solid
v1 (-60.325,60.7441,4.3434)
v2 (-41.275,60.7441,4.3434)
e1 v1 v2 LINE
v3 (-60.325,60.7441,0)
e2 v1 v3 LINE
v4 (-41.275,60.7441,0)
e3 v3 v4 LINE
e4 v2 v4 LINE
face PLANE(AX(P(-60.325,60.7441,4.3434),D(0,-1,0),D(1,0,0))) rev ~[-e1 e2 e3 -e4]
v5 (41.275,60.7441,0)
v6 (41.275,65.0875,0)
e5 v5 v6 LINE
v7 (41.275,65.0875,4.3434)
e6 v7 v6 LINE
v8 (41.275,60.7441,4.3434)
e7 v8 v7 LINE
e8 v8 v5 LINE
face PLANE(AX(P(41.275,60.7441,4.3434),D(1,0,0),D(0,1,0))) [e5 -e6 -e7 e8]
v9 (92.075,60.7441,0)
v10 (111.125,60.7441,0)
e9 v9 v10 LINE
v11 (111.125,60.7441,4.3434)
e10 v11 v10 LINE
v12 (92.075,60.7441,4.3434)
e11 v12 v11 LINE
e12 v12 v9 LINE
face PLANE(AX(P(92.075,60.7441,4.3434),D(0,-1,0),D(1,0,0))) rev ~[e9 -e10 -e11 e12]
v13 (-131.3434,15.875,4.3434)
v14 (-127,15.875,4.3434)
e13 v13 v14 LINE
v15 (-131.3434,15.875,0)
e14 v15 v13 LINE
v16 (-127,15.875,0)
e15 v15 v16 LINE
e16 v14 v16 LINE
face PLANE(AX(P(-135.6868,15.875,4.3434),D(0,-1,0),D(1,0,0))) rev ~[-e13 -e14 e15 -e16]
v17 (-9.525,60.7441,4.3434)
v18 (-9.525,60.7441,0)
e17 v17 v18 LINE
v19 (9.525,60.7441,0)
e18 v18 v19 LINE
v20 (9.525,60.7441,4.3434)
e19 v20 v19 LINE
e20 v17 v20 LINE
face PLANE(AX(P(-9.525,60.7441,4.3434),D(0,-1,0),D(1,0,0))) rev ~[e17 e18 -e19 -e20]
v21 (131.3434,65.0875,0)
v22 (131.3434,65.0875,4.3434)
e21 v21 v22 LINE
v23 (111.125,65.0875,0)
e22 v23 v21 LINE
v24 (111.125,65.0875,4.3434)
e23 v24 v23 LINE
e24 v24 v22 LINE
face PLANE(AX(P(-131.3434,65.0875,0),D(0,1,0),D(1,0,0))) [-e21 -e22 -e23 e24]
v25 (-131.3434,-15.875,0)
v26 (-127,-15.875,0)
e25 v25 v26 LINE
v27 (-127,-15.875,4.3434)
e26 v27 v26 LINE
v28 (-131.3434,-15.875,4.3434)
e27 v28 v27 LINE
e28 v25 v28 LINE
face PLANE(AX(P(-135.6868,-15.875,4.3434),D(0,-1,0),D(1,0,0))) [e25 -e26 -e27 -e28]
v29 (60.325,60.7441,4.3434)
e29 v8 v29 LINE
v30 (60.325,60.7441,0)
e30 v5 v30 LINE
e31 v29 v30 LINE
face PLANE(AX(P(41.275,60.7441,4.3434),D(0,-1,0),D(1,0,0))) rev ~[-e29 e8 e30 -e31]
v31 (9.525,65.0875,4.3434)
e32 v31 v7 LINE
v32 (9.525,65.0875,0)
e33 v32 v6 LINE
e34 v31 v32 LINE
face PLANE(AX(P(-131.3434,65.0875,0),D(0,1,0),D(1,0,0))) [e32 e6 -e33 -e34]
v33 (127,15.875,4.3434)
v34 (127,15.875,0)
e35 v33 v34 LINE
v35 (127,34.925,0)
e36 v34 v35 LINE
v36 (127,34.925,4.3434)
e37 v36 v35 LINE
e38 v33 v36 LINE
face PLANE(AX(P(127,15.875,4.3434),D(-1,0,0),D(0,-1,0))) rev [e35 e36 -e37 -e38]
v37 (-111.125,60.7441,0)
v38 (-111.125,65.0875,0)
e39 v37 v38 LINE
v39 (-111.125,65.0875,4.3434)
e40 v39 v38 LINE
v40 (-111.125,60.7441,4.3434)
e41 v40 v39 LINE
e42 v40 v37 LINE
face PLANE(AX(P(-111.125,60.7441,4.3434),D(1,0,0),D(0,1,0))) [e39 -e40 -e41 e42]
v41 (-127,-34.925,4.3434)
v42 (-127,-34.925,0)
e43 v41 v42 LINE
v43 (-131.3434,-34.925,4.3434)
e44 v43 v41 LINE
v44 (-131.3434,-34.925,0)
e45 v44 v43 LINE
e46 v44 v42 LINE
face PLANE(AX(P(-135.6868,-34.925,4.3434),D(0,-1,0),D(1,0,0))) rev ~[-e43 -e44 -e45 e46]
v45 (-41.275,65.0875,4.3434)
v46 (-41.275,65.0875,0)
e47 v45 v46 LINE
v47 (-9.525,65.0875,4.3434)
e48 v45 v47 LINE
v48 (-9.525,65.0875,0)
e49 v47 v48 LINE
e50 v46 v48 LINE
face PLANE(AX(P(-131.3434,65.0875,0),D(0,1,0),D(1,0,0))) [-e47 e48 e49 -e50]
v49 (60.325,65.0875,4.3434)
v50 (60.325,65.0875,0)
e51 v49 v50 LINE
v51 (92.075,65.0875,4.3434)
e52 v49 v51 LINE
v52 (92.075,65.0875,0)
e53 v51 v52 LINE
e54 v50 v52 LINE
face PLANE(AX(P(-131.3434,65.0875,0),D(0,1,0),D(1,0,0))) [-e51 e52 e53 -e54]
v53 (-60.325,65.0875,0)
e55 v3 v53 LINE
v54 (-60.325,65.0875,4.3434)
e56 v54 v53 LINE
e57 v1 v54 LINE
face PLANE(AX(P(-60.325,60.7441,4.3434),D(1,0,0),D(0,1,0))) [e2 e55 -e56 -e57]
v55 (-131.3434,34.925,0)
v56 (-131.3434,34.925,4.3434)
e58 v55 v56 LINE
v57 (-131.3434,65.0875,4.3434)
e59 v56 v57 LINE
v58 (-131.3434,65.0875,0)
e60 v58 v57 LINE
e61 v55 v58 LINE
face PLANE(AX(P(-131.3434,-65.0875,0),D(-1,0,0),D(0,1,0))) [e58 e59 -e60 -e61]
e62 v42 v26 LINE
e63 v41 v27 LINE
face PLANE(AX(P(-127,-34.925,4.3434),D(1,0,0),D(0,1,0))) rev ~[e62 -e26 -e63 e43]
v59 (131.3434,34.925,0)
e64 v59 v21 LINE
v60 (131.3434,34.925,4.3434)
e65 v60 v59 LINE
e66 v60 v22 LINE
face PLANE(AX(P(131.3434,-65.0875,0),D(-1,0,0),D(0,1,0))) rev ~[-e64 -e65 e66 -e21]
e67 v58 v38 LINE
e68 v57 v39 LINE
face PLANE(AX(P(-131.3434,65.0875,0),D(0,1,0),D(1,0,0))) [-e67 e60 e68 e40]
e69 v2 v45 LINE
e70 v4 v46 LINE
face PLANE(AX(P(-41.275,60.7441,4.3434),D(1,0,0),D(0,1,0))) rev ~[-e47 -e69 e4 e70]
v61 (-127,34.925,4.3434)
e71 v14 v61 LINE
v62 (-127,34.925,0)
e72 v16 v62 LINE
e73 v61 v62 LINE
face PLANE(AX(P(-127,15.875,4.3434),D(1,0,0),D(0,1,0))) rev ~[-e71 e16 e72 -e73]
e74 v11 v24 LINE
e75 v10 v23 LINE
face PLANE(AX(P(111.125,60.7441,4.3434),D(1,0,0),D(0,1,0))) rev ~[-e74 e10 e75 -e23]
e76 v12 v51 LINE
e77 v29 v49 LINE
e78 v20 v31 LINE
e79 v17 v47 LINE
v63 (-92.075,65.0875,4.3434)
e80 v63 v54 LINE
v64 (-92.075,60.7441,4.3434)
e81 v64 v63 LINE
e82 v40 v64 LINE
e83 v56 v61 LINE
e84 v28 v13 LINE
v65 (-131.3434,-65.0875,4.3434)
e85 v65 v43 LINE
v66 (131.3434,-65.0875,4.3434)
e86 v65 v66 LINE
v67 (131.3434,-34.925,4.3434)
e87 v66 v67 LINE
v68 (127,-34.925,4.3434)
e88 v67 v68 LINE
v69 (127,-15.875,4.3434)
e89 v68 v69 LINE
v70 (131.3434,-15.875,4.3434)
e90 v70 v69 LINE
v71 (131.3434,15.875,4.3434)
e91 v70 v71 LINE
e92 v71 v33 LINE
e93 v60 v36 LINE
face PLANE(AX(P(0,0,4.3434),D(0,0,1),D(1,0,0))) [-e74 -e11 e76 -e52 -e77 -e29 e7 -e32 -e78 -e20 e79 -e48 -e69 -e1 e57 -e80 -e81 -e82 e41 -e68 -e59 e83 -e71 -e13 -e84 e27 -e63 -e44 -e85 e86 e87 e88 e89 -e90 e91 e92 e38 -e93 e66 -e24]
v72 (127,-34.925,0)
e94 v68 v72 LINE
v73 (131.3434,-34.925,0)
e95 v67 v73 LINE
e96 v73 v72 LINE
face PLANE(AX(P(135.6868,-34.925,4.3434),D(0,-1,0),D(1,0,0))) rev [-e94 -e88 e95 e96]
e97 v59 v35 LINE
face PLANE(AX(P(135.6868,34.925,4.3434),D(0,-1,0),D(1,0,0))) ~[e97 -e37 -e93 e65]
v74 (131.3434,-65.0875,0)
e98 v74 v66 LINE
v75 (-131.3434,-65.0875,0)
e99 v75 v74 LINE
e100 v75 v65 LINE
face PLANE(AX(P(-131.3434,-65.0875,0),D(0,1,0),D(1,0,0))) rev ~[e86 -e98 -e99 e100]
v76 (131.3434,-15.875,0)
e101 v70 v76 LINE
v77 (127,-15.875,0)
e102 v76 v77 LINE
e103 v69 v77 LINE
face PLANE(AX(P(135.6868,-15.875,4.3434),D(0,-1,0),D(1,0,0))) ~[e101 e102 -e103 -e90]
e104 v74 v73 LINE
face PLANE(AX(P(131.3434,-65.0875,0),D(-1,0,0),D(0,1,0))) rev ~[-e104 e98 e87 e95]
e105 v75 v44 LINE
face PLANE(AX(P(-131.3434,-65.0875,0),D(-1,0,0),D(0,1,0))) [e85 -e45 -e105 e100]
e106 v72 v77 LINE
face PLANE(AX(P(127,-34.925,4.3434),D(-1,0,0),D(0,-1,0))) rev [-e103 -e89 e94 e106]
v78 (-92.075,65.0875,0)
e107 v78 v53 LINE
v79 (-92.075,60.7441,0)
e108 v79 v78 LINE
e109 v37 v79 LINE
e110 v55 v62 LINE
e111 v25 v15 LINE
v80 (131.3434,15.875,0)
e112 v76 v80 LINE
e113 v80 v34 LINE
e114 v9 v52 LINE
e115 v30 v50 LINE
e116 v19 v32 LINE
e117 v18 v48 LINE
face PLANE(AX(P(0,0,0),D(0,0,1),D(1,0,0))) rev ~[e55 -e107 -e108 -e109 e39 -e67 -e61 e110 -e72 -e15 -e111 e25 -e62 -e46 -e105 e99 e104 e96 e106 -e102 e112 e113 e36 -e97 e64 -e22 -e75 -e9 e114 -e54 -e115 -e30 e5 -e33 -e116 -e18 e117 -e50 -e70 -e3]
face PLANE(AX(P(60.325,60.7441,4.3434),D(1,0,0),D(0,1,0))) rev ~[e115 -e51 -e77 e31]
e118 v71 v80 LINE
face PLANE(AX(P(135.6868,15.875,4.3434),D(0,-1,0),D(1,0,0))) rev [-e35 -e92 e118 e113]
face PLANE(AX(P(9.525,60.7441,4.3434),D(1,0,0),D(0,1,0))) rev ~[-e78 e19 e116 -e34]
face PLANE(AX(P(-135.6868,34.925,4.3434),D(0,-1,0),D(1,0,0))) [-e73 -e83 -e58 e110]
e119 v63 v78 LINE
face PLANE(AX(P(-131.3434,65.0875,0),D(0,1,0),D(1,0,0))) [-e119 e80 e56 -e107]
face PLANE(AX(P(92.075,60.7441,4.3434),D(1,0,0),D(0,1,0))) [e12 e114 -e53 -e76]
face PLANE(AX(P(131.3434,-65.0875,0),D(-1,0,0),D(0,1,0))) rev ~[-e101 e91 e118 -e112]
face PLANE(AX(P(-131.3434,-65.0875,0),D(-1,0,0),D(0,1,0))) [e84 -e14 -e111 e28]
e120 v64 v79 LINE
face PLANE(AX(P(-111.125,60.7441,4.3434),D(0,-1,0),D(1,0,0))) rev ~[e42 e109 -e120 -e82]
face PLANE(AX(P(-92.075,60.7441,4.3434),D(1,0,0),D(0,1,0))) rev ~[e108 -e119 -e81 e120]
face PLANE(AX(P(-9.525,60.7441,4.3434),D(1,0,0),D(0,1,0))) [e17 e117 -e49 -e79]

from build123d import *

# Parameters (mm, degrees)
SKETCH1_W           = 262.6868
SKETCH1_H           = 130.175
BOSS_EXTRUDE1_DEPTH = 4.3434
SKETCH2_W           = 19.05
SKETCH2_H           = 8.6868
CUT_EXTRUDE1_DEPTH  = 147.650388692
SKETCH3_W           = 8.6868
SKETCH3_H           = 19.05
CUT_EXTRUDE3_DEPTH  = 147.650388692


with BuildPart() as part:
    # Sketch1 → Boss-Extrude1 (new body)
    with BuildSketch(Plane.XY):
        Rectangle(SKETCH1_W, SKETCH1_H)
    extrude(amount=BOSS_EXTRUDE1_DEPTH)

    # Sketch2 → Cut-Extrude1 (cut, through all)
    with BuildSketch(Plane.XY.offset(4.3434)):
        with Locations((-50.8, 65.0875)):
            Rectangle(SKETCH2_W, SKETCH2_H)
        with Locations((0, 65.0875)):
            Rectangle(SKETCH2_W, SKETCH2_H)
        with Locations((50.8, 65.0875)):
            Rectangle(SKETCH2_W, SKETCH2_H)
        with Locations((101.6, 65.0875)):
            Rectangle(SKETCH2_W, SKETCH2_H)
        with Locations((-101.6, 65.0875)):
            Rectangle(SKETCH2_W, SKETCH2_H)
    extrude(amount=-CUT_EXTRUDE1_DEPTH, mode=Mode.SUBTRACT)

    # Sketch3 → Cut-Extrude3 (cut, through all)
    with BuildSketch(Plane.XY.offset(4.3434)):
        with Locations((-131.3434, -25.4)):
            Rectangle(SKETCH3_W, SKETCH3_H)
        with Locations((-131.3434, 25.4)):
            Rectangle(SKETCH3_W, SKETCH3_H)
    cut_extrude3 = extrude(amount=-CUT_EXTRUDE3_DEPTH, mode=Mode.SUBTRACT)

    # Mirror1: Cut-Extrude3 across plane
    add(cut_extrude3.mirror(Plane(origin=(0, 0, 0), x_dir=(0, 0, 1), z_dir=(1, 0, 0))), mode=Mode.SUBTRACT)


solid = part.part
